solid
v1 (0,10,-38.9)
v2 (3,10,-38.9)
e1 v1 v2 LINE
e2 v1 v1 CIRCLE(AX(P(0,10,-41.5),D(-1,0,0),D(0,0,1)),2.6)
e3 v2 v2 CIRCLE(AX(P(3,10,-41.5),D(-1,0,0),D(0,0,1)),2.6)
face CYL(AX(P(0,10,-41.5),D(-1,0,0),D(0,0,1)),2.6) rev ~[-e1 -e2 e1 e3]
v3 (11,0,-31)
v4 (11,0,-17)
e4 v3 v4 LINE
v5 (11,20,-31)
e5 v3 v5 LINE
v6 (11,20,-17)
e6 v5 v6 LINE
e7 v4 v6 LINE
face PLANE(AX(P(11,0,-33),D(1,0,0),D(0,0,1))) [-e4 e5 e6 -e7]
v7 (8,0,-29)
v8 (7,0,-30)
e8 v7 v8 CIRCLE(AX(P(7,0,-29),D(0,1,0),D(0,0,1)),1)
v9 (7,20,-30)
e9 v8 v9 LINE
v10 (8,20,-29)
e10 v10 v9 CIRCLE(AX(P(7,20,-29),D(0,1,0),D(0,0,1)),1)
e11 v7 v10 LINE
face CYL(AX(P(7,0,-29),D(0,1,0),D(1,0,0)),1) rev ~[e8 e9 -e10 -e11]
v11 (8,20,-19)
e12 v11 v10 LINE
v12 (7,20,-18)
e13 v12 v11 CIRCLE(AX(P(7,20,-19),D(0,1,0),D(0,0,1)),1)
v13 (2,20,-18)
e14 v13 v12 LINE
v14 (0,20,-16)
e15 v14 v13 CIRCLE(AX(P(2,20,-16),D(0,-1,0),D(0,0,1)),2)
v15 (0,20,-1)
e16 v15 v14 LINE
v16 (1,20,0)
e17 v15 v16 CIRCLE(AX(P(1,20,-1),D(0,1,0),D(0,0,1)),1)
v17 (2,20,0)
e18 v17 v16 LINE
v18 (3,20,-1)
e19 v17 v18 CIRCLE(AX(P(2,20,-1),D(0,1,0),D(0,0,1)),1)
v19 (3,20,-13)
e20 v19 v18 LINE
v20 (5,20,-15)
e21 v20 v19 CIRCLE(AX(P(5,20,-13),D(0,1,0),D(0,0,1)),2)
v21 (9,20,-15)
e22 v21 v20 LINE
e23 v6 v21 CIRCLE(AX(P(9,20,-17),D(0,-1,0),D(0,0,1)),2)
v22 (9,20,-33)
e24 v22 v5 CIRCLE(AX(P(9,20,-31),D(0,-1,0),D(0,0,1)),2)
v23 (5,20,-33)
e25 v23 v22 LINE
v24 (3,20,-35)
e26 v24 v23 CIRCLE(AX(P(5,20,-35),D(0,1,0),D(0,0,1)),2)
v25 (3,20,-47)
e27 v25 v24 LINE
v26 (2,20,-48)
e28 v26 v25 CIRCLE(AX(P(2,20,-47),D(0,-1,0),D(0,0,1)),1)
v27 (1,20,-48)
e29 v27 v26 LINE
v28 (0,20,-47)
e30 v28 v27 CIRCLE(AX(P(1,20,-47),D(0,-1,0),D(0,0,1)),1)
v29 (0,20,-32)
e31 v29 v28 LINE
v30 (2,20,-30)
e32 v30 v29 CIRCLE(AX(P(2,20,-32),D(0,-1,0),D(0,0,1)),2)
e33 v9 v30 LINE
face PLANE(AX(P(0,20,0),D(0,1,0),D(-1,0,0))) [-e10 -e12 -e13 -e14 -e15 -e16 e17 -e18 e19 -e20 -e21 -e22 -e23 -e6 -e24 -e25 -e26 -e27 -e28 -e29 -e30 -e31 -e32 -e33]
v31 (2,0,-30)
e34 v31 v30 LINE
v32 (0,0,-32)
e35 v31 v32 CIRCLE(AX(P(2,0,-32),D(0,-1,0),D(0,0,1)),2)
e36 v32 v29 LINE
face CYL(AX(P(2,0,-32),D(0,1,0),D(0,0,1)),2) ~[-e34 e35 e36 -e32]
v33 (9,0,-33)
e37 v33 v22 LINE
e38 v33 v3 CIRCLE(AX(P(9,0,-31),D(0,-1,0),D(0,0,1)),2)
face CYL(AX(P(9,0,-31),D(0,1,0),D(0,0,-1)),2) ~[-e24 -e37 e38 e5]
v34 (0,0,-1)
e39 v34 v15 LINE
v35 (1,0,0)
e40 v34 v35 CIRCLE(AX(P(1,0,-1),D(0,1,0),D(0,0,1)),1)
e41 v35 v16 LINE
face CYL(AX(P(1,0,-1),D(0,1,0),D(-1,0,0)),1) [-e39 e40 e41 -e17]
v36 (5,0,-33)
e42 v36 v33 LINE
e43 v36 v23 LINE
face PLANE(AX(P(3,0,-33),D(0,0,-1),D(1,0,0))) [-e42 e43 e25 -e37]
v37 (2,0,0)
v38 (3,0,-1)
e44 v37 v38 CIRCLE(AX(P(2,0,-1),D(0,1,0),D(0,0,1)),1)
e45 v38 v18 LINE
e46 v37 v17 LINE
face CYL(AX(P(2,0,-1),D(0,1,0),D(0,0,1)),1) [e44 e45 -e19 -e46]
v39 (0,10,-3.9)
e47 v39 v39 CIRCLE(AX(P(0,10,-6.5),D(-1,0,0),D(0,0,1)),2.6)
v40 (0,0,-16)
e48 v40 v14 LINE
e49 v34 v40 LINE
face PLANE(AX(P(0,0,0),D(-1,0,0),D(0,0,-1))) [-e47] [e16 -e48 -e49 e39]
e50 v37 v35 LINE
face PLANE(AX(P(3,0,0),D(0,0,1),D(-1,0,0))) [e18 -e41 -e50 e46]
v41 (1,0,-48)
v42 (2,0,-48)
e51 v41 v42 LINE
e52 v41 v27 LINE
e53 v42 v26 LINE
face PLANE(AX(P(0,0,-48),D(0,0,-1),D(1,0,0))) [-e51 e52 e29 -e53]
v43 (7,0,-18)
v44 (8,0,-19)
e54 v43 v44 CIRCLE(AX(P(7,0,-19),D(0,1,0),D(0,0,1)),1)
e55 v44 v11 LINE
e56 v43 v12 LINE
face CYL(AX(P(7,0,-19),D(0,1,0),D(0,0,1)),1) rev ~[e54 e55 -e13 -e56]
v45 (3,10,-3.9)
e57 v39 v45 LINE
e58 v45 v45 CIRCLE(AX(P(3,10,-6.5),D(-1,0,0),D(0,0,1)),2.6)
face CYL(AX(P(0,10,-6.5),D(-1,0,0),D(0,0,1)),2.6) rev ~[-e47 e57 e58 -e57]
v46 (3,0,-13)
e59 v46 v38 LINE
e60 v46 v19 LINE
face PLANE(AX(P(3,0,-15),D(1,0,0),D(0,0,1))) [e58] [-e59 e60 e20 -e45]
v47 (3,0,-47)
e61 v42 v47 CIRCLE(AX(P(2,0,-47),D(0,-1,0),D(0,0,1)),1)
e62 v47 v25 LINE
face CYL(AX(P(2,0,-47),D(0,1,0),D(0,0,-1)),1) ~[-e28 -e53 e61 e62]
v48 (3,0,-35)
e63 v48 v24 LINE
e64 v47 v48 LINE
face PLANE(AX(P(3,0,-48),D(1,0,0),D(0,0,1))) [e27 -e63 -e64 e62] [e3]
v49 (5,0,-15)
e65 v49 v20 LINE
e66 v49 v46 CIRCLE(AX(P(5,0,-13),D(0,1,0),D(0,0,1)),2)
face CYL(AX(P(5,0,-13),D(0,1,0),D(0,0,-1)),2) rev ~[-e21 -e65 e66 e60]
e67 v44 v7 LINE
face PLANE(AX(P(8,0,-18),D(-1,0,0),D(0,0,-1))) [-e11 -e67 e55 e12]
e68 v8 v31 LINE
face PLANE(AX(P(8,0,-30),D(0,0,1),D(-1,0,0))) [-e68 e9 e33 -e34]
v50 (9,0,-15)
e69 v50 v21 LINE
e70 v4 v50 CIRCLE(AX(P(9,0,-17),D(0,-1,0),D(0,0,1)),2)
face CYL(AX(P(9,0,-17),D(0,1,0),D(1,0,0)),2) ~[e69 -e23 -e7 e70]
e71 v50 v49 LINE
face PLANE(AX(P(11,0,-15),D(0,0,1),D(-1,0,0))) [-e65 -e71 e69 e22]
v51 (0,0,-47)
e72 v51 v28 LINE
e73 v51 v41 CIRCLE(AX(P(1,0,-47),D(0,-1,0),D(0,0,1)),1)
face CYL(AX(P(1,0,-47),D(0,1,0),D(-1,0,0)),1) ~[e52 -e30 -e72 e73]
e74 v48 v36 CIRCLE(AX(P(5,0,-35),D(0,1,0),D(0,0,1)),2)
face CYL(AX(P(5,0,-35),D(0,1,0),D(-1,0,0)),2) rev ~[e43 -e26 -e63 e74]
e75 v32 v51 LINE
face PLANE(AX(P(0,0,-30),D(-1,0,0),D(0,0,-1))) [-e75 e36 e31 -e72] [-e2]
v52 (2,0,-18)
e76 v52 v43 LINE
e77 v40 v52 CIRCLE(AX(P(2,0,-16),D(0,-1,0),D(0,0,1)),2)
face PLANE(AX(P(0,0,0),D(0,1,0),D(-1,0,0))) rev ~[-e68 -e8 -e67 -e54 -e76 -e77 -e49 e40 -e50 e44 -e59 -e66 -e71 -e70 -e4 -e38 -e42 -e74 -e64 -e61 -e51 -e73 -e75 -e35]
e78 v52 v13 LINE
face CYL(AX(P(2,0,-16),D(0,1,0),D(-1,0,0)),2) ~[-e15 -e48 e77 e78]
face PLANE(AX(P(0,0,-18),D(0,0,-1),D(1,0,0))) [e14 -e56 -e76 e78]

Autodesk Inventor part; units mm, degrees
ref_plane "YZ Plane" through (0, 0, 0) normal (1, 0, 0) x (0, 1, 0)
ref_plane "XZ Plane" through (0, 0, 0) normal (0, 1, 0) x (-1, 0, 0)
ref_plane "XY Plane" through (0, 0, 0) normal (0, 0, 1) x (1, 0, 0)
sketch "Szkic1" plane through (0, 0, 0) normal (0, 1, 0) x (-1, 0, 0)
  line L0 (0, 0) -> (0, -18)
  line L1 (0, -18) -> (-8, -18)
  line L2 (-8, -18) -> (-8, -30)
  line L3 (-8, -30) -> (0, -30)
  line L4 (0, -30) -> (0, -48)
  line L5 (0, -48) -> (-3, -48)
  line L6 (-3, -48) -> (-3, -33)
  line L7 (-3, -33) -> (-11, -33)
  line L8 (-11, -33) -> (-11, -15)
  line L9 (-11, -15) -> (-3, -15)
  line L10 (-3, -15) -> (-3, 0)
  line L11 (-3, 0) -> (0, 0)
  dimension "d0" = 48
  dimension "d2" = 8
  dimension "d3" = 12
  dimension "d4" = 3
  dimension "d5" = 3
  dimension "d6" = 3
extrude "Wyciągnięcie proste1" add sketch "Szkic1" along normal blind 20
fillet "Zaokrąglenie1" radius 2 6 edges at (11, 10, -15) (3, 10, -15) (11, 10, -33) (3, 10, -33) (0, 10, -18) (0, 10, -30)
fillet "Zaokrąglenie2" radius 1 6 edges at (3, 10, 0) (0, 10, 0) (0, 10, -48) (3, 10, -48) (8, 10, -30) (8, 10, -18)
sketch "Szkic2" plane through (0, 0, -32) normal (-1, 0, 0) x (0, 0, 1)
  line L0 (-15, 0) -> (-15, 20) projected
  line L1 (-15, 0) -> (0, 0) projected
  line L2 (0, 20) -> (0, 0) projected
  line L3 (-15, 20) -> (0, 20) projected
  line L4 (31, 20) -> (31, 0) projected
  line L5 (16, 20) -> (31, 20) projected
  line L6 (16, 0) -> (16, 20) projected
  line L7 (16, 0) -> (31, 0) projected
  line L8 (15, 0) -> (1, 0) projected
  line L9 (8, 0) -> (8, 20) construction
  line L10 (3, 20) -> (13, 20) projected
  circle A0 centre (-9.5, 10) radius 2.6
  circle A1 centre (25.5, 10) radius 2.6
  point P0 (32, 0)
  dimension "d11" = 5.2
  dimension "d13" = 10
  dimension "d14" = 35
extrude "Wyciągnięcie proste2" cut sketch "Szkic2" against normal up to surface (3 mm away) contours A0 | A1
properties part number "motor_clamp_v2"
